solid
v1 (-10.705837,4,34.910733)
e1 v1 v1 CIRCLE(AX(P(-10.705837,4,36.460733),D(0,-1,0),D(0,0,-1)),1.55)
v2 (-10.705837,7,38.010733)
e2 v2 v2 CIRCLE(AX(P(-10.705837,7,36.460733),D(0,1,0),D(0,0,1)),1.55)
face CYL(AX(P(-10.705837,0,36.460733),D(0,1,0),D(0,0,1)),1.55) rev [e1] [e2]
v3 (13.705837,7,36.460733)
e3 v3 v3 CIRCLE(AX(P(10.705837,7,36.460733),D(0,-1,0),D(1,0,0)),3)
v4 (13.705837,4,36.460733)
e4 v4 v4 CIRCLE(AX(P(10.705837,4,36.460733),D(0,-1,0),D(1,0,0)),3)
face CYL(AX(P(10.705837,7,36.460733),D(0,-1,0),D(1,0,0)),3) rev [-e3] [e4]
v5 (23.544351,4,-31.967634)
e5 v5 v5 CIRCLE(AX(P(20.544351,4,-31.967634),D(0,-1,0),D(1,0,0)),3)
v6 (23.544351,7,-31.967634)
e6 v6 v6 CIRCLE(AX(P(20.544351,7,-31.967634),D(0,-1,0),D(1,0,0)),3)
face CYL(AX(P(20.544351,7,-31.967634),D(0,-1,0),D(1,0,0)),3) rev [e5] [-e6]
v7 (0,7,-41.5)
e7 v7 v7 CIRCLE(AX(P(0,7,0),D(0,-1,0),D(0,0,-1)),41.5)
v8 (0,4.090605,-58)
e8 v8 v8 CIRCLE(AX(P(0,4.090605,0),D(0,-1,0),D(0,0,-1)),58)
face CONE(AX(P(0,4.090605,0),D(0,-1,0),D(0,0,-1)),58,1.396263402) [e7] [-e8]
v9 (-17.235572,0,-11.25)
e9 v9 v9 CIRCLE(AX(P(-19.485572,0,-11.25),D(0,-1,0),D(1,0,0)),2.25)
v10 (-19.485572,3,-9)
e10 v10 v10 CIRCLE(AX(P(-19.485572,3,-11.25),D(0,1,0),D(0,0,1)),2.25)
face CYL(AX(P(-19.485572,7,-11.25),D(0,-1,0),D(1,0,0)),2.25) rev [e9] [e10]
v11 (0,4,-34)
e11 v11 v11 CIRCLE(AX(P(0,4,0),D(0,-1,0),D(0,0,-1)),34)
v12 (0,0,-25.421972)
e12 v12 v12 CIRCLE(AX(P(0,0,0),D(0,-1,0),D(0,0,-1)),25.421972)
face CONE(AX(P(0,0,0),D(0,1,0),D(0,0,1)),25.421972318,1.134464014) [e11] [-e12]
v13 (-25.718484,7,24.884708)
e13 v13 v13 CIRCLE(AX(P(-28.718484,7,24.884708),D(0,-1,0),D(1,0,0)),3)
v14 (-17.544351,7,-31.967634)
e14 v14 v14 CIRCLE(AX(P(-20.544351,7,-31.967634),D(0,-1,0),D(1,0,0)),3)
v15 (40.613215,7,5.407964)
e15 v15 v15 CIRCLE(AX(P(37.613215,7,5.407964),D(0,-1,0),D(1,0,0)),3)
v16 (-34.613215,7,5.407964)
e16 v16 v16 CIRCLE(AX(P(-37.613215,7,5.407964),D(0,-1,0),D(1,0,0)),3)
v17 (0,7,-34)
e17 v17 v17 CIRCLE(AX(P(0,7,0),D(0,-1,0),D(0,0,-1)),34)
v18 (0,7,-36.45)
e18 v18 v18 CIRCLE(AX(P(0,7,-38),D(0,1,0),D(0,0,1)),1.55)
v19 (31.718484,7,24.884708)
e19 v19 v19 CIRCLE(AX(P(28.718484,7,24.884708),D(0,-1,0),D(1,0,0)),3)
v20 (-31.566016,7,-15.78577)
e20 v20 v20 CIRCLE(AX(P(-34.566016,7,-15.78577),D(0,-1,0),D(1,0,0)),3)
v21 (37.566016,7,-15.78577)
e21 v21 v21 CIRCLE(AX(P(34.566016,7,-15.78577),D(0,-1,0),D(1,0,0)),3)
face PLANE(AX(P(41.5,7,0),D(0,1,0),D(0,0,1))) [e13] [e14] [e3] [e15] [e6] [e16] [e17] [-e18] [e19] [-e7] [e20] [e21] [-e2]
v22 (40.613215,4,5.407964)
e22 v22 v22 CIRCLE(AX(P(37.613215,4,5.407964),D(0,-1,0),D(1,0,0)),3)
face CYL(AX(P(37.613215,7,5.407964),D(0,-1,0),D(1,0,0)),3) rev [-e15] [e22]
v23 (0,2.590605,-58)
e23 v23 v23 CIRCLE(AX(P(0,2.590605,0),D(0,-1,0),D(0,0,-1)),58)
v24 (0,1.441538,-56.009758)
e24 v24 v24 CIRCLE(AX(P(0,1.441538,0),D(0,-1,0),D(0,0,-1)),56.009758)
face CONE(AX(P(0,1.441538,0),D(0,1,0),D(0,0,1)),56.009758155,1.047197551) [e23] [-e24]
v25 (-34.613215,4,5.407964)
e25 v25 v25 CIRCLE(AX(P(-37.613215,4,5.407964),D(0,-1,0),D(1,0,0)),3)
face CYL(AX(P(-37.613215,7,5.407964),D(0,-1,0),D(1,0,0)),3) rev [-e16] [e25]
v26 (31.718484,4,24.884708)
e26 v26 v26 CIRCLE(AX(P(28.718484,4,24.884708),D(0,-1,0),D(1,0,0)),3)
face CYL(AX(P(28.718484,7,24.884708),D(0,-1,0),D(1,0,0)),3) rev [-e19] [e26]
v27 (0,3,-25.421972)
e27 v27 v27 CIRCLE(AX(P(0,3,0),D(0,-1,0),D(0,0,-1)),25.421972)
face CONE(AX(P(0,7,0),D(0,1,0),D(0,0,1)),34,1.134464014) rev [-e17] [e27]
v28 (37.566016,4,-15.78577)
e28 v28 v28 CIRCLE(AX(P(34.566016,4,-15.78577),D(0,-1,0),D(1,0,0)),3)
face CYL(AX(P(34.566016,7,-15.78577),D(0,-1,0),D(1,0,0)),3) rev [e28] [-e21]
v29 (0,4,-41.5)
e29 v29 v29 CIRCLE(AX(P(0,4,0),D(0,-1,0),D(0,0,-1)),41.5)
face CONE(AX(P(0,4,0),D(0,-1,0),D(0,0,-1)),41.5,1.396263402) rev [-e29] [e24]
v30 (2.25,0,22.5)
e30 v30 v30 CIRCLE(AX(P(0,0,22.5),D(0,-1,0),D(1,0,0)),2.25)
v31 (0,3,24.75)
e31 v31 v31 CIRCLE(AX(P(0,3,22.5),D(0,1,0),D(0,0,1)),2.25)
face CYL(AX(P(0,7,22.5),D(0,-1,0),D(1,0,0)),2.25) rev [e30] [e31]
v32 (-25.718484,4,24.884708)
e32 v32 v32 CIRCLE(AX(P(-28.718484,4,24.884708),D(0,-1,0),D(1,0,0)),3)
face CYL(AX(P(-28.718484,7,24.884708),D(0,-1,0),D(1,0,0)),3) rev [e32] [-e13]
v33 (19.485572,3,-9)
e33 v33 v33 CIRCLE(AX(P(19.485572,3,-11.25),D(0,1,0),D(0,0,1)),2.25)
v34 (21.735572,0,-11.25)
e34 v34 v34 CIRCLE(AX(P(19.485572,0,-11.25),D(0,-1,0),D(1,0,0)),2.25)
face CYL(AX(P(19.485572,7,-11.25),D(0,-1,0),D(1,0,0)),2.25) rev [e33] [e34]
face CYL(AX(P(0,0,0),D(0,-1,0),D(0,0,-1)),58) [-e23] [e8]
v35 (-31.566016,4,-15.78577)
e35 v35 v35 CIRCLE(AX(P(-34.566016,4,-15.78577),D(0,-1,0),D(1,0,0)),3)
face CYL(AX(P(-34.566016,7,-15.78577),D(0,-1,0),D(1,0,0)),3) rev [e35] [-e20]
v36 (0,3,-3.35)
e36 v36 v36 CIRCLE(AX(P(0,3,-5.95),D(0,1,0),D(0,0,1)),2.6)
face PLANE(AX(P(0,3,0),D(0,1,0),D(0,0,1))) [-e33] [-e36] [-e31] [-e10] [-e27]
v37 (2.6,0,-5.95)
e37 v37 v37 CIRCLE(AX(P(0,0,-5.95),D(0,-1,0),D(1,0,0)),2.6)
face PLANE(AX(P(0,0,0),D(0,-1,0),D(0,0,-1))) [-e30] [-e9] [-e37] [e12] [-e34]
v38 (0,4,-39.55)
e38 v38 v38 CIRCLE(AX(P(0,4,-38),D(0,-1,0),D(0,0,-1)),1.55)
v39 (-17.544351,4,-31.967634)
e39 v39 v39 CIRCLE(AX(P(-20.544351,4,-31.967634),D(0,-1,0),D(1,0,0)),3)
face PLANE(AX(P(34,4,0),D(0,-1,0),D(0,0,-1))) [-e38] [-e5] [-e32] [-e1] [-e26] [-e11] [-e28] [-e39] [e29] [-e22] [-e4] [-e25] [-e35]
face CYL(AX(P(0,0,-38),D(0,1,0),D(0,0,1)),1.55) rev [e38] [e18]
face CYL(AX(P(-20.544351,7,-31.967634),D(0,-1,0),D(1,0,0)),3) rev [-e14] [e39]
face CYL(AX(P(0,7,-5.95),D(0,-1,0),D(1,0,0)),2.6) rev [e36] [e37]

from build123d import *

# Parameters (mm, degrees)
SKETCH_3_R          = 1.55
CUT_EXTRUDE_3_DEPTH = 83.322536404
SKETCH_4_R          = 3
CUT_EXTRUDE_5_DEPTH = 83.121860671
SKETCH_5_R          = 2.25
SKETCH_5_R_2        = 2.6
CUT_EXTRUDE_6_DEPTH = 83.322536404


with BuildPart() as part:
    # 草图1 → 旋转2 (revolve)
    with BuildSketch(Plane.XY, mode=Mode.PRIVATE) as revolve_2_sk:
        Polygon((25.421972318, 0), (34, 4), (41.5, 4), (56.009758155, 1.441538154), (58, 2.590604818), (58, 4.090604818), (41.5, 7), (34, 7), (25.421972318, 3), (0, 3), (0, 0), align=None)
    revolve(revolve_2_sk.sketch.rotate(Axis((0, 0, 0), (0, 1, 0)), 90), axis=Axis((0, 0, 0), (0, 1, 0)))

    # 草图3 → 切除-拉伸3 (cut, through all)
    with BuildSketch(Plane(origin=(0, 7, 0), x_dir=(1, 0, 0), z_dir=(0, 1, 0))):
        with Locations(Location((0, 38, 0), (0, 0, 270))):
            Circle(SKETCH_3_R)
        with Locations(Location((20.544351063, 31.967634248, 0), (0, 0, 270))):
            Circle(SKETCH_3_R)
        with Locations(Location((34.566015823, 15.785770494, 0), (0, 0, 270))):
            Circle(SKETCH_3_R)
        with Locations(Location((37.613214791, -5.407963854, 0), (0, 0, 270))):
            Circle(SKETCH_3_R)
        with Locations(Location((28.718483825, -24.88470789, 0), (0, 0, 270))):
            Circle(SKETCH_3_R)
        with Locations(Location((10.70583716, -36.460732997, 0), (0, 0, 270))):
            Circle(SKETCH_3_R)
        with Locations(Location((-10.70583716, -36.460732997, 0), (0, 0, 270))):
            Circle(SKETCH_3_R)
        with Locations(Location((-28.718483825, -24.88470789, 0), (0, 0, 270))):
            Circle(SKETCH_3_R)
        with Locations(Location((-37.613214791, -5.407963854, 0), (0, 0, 270))):
            Circle(SKETCH_3_R)
        with Locations(Location((-34.566015823, 15.785770494, 0), (0, 0, 270))):
            Circle(SKETCH_3_R)
        with Locations(Location((-20.544351063, 31.967634248, 0), (0, 0, 270))):
            Circle(SKETCH_3_R)
    extrude(amount=-CUT_EXTRUDE_3_DEPTH, mode=Mode.SUBTRACT)

    # 草图4 → 切除-拉伸5 (cut, through all)
    with BuildSketch(Plane.XZ.offset(-4)):
        with Locations((10.70583716, 36.460732997)):
            Circle(SKETCH_4_R)
        with Locations((28.718483825, 24.88470789)):
            Circle(SKETCH_4_R)
        with Locations((37.613214791, 5.407963854)):
            Circle(SKETCH_4_R)
        with Locations((-28.718483825, 24.88470789)):
            Circle(SKETCH_4_R)
        with Locations((-34.566015823, -15.785770494)):
            Circle(SKETCH_4_R)
        with Locations((-20.544351063, -31.967634248)):
            Circle(SKETCH_4_R)
        with Locations((20.544351063, -31.967634248)):
            Circle(SKETCH_4_R)
        with Locations((34.566015823, -15.785770494)):
            Circle(SKETCH_4_R)
        with Locations((-37.613214791, 5.407963854)):
            Circle(SKETCH_4_R)
    extrude(amount=-CUT_EXTRUDE_5_DEPTH, mode=Mode.SUBTRACT)

    # 草图5 → 切除-拉伸6 (cut, through all)
    with BuildSketch(Plane.XZ):
        with Locations((-19.485571585, -11.25)):
            Circle(SKETCH_5_R)
        with Locations((19.485571585, -11.25)):
            Circle(SKETCH_5_R)
        with Locations((0, 22.5)):
            Circle(SKETCH_5_R)
        with Locations((0, -5.95)):
            Circle(SKETCH_5_R_2)
    extrude(amount=-CUT_EXTRUDE_6_DEPTH, mode=Mode.SUBTRACT)


solid = part.part
